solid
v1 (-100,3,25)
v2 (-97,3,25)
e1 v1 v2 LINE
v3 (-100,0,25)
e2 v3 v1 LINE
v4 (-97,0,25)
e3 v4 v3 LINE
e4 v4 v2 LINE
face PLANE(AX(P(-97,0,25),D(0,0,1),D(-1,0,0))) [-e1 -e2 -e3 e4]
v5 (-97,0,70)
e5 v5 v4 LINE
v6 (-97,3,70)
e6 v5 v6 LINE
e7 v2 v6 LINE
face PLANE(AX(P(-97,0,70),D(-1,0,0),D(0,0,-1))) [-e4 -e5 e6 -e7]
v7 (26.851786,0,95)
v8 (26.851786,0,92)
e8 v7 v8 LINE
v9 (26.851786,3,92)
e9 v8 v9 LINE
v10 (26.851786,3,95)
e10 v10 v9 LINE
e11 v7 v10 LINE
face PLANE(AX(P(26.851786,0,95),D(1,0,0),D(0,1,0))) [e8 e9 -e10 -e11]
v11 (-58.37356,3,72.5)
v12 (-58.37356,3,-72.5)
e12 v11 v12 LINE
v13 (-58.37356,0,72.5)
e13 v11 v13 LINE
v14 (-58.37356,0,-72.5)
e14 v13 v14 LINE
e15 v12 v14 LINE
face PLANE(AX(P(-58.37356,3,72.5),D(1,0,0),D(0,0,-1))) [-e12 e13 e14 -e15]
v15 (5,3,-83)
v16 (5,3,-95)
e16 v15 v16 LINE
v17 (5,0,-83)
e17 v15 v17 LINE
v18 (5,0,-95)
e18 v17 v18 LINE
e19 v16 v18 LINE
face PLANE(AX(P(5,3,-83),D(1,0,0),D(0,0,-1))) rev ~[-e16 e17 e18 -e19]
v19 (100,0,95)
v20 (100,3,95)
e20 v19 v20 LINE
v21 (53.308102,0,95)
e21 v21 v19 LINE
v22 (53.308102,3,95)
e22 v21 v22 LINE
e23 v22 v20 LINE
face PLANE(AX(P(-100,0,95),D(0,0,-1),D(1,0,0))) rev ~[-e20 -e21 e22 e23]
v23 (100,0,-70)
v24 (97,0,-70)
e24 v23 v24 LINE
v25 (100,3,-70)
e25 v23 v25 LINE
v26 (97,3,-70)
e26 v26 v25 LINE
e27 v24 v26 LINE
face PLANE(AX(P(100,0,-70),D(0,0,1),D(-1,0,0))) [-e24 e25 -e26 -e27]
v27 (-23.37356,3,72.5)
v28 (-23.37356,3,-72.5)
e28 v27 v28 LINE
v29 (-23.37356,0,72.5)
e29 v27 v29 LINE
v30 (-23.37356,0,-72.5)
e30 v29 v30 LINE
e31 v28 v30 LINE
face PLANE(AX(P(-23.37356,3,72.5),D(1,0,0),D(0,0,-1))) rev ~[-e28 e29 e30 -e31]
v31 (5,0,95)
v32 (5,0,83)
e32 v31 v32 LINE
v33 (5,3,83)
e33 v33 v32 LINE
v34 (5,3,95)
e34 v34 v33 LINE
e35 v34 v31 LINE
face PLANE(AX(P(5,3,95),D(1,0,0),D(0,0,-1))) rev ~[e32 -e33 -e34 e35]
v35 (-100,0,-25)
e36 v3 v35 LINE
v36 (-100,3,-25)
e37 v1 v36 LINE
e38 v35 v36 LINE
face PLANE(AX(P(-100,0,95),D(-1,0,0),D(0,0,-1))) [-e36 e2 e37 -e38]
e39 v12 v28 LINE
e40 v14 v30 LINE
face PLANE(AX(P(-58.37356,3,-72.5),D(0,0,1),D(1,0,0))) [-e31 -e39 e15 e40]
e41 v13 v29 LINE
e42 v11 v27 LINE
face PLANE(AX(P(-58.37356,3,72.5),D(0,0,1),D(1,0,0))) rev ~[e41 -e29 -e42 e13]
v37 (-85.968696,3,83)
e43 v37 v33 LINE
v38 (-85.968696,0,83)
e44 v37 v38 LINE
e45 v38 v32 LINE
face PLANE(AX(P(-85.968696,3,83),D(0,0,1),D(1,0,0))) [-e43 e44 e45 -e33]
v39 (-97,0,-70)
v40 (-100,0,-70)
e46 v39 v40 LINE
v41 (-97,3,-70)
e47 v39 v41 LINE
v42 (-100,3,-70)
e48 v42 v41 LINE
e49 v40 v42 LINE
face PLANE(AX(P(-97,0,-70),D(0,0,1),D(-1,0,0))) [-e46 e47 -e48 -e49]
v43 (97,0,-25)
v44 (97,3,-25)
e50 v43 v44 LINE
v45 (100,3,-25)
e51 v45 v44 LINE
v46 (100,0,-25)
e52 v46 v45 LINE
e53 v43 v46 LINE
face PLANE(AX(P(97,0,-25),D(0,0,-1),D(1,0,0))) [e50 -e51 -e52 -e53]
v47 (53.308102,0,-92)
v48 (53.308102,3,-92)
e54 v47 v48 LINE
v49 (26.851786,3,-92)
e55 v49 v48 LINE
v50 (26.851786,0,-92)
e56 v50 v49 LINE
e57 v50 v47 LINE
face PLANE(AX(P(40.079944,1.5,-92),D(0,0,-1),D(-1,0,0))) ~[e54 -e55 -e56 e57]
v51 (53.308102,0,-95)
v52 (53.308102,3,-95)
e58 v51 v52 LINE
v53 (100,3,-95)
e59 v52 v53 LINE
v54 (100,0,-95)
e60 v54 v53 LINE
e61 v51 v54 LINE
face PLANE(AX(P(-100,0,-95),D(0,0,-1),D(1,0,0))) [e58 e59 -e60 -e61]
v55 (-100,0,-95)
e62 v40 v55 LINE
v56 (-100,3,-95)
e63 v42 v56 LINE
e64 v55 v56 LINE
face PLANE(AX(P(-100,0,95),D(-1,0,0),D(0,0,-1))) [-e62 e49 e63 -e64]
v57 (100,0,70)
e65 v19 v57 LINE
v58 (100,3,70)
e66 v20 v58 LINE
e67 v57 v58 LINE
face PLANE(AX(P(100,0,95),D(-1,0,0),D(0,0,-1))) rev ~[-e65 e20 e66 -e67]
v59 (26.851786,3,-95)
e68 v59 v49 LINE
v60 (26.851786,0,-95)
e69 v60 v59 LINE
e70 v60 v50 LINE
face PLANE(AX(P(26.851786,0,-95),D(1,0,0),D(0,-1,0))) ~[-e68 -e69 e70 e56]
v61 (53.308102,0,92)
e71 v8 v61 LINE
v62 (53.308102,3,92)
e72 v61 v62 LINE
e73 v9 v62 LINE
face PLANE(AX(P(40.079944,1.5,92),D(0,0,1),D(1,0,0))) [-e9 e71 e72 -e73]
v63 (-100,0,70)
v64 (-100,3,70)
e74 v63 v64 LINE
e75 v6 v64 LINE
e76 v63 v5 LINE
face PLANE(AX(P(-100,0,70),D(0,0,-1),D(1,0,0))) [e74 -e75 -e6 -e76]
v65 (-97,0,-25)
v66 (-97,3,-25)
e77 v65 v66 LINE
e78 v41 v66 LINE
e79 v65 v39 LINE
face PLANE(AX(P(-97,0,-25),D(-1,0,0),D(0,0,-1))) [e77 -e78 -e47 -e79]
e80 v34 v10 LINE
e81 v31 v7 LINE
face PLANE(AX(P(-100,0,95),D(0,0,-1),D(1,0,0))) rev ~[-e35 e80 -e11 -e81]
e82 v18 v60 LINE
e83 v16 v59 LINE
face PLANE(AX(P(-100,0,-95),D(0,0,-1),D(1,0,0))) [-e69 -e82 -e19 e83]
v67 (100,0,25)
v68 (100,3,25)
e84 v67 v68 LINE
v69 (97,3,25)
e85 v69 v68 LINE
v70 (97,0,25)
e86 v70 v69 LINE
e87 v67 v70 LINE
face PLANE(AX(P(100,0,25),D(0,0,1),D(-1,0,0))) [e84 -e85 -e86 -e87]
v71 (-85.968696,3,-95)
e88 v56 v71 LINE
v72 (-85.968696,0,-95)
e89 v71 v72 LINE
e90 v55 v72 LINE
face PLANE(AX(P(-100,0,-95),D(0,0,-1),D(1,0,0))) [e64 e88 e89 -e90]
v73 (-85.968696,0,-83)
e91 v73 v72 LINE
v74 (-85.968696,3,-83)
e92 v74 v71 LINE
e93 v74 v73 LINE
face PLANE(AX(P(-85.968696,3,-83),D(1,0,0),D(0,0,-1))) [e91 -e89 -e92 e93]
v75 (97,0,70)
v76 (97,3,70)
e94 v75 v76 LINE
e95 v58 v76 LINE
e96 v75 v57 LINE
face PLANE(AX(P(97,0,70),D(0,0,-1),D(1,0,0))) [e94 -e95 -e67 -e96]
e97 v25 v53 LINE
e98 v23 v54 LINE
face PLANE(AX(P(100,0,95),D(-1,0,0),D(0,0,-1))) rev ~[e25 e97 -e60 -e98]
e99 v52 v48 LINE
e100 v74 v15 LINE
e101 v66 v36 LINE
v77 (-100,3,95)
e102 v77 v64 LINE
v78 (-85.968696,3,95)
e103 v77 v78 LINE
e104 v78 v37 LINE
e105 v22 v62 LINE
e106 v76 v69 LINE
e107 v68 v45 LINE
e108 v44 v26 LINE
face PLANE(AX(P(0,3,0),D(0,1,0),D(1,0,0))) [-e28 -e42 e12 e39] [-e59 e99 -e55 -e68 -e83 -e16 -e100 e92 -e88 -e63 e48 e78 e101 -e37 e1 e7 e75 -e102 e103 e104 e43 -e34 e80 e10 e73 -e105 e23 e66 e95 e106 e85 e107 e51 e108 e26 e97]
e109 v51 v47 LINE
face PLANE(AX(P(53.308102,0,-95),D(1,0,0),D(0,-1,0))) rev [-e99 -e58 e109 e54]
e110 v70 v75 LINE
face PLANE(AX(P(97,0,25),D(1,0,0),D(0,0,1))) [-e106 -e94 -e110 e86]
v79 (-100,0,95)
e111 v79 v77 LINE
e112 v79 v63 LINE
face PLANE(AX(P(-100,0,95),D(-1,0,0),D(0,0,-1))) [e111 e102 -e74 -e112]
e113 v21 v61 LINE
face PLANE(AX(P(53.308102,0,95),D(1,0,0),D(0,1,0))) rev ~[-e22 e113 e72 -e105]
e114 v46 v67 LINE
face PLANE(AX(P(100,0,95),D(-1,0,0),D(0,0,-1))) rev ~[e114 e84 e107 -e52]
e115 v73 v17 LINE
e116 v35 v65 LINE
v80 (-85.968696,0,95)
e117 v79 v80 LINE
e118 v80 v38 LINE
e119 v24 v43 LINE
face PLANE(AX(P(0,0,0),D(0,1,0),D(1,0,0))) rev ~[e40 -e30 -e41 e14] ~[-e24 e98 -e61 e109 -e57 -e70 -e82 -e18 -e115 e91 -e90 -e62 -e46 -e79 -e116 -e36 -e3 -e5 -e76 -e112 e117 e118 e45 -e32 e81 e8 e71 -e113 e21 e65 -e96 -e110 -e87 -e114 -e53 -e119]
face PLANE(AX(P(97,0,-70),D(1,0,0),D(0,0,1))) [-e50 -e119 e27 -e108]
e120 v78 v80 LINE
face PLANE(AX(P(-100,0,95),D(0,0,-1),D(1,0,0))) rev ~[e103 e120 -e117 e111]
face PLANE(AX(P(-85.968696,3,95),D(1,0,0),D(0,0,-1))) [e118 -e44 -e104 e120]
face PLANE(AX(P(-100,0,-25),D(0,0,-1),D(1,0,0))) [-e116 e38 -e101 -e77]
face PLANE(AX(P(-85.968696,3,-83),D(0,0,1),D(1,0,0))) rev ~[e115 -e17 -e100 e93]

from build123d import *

# Parameters (mm, degrees)
SKETCH1_W               = 200
SKETCH1_H               = 190
BOSS_EXTRUDE1_DEPTH     = 3
CUT_EXTRUDE2_DEPTH      = 138.963763358
CUT_EXTRUDE2_DEPTH_BACK = 3
SKETCH2_OUTSIDE_W       = 257.176
SKETCH2_OUTSIDE_H       = 247.176
SKETCH3_W               = 35
SKETCH3_H               = 145
CUT_EXTRUDE3_DEPTH      = 3
SKETCH4_W               = 90.968696296
SKETCH4_H               = 12
CUT_EXTRUDE4_DEPTH      = 3
SKETCH6_W               = 26.456316212
SKETCH6_H               = 3
CUT_EXTRUDE5_DEPTH      = 3


with BuildPart() as part:
    # Sketch1 → Boss-Extrude1 (new body)
    with BuildSketch(Plane(origin=(0, 0, 0), x_dir=(1, 0, 0), z_dir=(0, 1, 0))):
        Rectangle(SKETCH1_W, SKETCH1_H)
    extrude(amount=BOSS_EXTRUDE1_DEPTH)

    # Sketch2 outside → Cut-Extrude2 (cut, two sides: drawn at the far end of the back side and taken through both)
    with BuildSketch(Plane(origin=(0, 3, 0), x_dir=(1, 0, 0), z_dir=(0, 1, 0)).offset(-CUT_EXTRUDE2_DEPTH_BACK)):
        Rectangle(SKETCH2_OUTSIDE_W, SKETCH2_OUTSIDE_H)
        Polygon((-100, -95), (-100, -70), (-97, -70), (-97, -25), (-100, -25), (-100, 25), (-97, 25), (-97, 70), (-100, 70), (-100, 95), (100, 95), (100, 70), (97, 70), (97, 25), (100, 25), (100, -25), (97, -25), (97, -70), (100, -70), (100, -95), align=None, mode=Mode.SUBTRACT)
    extrude(amount=CUT_EXTRUDE2_DEPTH + CUT_EXTRUDE2_DEPTH_BACK, mode=Mode.SUBTRACT)

    # Sketch3 → Cut-Extrude3 (cut)
    with BuildSketch(Plane(origin=(0, 3, 0), x_dir=(1, 0, 0), z_dir=(0, 1, 0))):
        with Locations((-40.873559806, 0)):
            Rectangle(SKETCH3_W, SKETCH3_H)
    extrude(amount=-CUT_EXTRUDE3_DEPTH, mode=Mode.SUBTRACT)

    # Sketch4 → Cut-Extrude4 (cut)
    with BuildSketch(Plane(origin=(0, 3, 0), x_dir=(1, 0, 0), z_dir=(0, 1, 0))):
        with Locations((-40.484348148, 89)):
            Rectangle(SKETCH4_W, SKETCH4_H)
        with Locations((-40.484348148, -89)):
            Rectangle(SKETCH4_W, SKETCH4_H)
    extrude(amount=-CUT_EXTRUDE4_DEPTH, mode=Mode.SUBTRACT)

    # Sketch6 → Cut-Extrude5 (cut)
    with BuildSketch(Plane.XY.offset(95)):
        with Locations((40.079944256, 1.5)):
            Rectangle(SKETCH6_W, SKETCH6_H)
        Polygon((28.711773307, -23.399830076), (27.78877695, -20.614939543), (57.834413552, -10.656913259), (58.805651465, -13.58735957), align=None)
    cut_extrude5 = extrude(amount=-CUT_EXTRUDE5_DEPTH, mode=Mode.SUBTRACT)

    # Mirror1: Cut-Extrude5 across plane
    add(cut_extrude5.mirror(Plane.XY), mode=Mode.SUBTRACT)


solid = part.part
